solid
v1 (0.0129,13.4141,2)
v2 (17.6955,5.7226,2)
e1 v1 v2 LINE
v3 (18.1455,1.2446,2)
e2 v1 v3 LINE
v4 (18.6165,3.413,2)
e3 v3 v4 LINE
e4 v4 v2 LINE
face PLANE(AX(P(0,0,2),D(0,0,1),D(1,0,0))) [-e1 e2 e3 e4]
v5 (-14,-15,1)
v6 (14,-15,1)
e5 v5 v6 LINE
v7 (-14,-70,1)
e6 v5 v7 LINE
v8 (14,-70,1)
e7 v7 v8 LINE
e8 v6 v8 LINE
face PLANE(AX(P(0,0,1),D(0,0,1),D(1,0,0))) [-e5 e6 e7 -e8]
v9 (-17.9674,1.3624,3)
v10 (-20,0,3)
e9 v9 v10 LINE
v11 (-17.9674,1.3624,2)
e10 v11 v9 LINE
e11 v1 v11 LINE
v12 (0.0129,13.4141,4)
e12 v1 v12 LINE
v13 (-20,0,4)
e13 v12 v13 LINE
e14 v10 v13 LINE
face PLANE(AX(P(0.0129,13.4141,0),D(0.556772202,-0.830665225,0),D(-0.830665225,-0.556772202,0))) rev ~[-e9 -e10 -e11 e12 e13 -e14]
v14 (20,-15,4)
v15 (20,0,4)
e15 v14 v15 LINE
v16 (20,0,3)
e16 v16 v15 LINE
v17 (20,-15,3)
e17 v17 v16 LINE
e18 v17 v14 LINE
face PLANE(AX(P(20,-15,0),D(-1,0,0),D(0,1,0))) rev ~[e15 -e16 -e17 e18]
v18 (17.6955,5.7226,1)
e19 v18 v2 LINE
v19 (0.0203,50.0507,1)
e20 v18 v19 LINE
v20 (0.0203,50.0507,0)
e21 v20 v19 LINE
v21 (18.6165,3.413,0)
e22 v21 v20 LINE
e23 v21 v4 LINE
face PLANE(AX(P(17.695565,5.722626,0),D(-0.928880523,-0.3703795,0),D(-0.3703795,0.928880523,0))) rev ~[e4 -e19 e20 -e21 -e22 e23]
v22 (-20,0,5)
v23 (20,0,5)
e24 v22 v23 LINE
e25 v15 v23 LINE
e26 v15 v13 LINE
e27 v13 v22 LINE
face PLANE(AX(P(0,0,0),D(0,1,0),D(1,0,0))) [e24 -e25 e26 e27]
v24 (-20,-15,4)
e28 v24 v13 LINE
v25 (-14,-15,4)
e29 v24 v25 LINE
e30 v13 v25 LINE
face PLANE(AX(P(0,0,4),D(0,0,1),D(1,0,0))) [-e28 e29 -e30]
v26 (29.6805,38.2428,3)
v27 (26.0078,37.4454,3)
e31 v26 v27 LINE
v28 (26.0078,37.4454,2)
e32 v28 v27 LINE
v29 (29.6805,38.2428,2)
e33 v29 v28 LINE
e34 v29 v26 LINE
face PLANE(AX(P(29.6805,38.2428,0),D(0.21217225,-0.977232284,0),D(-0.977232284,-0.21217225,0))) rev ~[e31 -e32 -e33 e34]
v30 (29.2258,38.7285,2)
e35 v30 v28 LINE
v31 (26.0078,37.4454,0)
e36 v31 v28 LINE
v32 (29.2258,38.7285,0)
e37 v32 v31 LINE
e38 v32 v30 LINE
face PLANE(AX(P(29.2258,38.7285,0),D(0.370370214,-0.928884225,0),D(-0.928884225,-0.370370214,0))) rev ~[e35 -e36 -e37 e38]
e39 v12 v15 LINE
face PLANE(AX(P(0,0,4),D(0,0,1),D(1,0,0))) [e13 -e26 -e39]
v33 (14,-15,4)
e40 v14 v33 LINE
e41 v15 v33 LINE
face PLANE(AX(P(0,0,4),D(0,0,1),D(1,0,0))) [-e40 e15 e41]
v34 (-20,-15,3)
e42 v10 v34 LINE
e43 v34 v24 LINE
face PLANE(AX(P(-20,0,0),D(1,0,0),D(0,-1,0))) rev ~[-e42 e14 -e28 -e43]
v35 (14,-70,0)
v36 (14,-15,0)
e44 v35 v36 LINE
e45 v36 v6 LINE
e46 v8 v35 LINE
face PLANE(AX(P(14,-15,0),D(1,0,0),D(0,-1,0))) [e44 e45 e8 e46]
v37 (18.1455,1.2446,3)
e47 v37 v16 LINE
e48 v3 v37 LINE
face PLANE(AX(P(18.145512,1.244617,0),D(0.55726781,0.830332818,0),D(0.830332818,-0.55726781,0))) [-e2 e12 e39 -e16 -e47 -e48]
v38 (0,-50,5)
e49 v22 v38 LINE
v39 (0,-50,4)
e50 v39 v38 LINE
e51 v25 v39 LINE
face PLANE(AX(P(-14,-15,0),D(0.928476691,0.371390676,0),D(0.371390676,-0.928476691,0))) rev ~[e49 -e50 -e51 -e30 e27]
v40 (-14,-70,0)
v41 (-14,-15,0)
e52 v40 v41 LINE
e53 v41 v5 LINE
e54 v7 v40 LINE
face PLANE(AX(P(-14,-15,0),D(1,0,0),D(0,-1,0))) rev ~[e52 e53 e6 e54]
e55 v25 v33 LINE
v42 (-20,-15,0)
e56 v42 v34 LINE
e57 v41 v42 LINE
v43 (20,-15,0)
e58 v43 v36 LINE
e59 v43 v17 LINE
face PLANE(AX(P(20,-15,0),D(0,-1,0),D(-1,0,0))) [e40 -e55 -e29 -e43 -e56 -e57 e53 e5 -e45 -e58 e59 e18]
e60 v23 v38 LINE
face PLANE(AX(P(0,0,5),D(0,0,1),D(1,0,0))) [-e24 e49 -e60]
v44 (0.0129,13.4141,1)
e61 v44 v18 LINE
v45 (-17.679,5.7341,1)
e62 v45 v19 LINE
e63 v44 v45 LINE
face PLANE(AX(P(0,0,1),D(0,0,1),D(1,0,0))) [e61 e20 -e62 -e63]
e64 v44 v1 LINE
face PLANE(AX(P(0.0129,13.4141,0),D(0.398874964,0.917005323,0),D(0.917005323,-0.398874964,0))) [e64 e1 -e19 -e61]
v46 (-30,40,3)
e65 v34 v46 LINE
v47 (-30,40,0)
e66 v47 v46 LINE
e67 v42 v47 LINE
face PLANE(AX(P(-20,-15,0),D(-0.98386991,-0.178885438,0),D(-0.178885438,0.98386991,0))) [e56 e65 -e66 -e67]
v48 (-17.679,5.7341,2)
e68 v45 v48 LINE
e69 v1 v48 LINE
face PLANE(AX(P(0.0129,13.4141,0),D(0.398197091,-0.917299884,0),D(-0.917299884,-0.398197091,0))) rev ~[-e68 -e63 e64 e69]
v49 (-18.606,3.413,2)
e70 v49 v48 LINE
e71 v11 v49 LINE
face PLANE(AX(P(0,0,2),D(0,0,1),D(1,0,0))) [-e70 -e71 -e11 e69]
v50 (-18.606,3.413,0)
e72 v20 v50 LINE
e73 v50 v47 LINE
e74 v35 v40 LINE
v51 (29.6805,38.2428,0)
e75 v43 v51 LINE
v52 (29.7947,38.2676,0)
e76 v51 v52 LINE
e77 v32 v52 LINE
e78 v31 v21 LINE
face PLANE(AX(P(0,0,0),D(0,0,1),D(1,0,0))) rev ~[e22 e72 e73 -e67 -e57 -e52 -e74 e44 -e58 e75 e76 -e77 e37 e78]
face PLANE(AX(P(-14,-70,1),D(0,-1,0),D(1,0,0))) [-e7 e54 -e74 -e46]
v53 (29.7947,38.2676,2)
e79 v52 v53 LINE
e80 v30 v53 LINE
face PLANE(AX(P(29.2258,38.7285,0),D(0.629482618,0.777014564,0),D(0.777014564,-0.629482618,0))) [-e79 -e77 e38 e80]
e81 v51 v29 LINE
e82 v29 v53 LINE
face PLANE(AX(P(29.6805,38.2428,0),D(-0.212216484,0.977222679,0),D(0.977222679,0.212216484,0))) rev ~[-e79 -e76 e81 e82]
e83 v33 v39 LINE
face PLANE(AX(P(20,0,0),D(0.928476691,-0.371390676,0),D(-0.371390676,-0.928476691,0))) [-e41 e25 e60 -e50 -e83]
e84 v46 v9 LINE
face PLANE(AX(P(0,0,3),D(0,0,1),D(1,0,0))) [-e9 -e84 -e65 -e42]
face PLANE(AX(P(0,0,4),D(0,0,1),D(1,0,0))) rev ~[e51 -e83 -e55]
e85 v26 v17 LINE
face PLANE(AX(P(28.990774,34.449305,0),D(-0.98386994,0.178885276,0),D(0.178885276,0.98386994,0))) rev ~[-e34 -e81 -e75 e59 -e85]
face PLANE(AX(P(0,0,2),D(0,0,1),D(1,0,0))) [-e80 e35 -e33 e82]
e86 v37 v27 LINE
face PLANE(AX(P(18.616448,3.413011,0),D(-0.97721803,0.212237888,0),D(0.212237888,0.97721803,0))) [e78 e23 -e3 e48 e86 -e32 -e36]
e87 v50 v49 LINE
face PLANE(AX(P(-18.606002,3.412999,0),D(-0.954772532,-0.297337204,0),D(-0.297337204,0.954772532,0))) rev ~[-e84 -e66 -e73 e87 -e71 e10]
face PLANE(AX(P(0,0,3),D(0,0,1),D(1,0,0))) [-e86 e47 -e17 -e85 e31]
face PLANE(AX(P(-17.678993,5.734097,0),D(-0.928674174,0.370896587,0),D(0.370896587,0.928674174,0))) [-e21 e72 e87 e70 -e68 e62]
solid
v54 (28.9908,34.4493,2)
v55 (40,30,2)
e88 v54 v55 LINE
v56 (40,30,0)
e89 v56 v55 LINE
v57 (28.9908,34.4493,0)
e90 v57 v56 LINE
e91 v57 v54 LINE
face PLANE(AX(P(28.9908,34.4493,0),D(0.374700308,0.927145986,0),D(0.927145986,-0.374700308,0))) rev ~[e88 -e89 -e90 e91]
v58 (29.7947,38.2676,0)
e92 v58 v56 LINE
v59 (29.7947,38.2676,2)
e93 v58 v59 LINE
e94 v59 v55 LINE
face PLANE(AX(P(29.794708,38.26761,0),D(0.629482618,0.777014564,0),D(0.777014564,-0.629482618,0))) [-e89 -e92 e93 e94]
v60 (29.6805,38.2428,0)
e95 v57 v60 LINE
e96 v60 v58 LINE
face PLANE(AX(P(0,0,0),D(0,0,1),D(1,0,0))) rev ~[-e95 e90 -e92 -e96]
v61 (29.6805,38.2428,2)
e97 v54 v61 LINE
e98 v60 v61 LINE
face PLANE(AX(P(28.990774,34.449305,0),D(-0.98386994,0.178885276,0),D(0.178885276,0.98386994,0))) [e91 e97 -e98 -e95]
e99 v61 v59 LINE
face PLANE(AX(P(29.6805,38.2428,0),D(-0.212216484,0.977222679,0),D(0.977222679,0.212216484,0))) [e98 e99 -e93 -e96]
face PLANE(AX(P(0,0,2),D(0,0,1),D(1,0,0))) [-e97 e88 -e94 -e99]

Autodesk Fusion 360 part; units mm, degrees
sketch "Sketch1" plane through (0, 0, 0) normal (0, 0, 1) x (1, 0, 0)
  line L0 (18.6165, 3.413) -> (0.0203, 50.0507)
  line L1 (-20, 0) -> (0, -50)
  line L2 (20, 0) -> (0, -50)
  line L3 (-20, -15) -> (-14, -15)
  line L4 (-20, -15) -> (-20, -0.0774)
  line L5 (-20, -15) -> (-30, 40)
  line L6 (-20, -10) -> (-20, -20) construction
  line L7 (20, -15) -> (14, -15)
  line L8 (20, -15) -> (20, 0)
  line L9 (20, -15) -> (29.6805, 38.2428)
  line L10 (28.9908, 34.4493) -> (40, 30)
  line L11 (29.2258, 38.7285) -> (40, 30)
  line L12 (-17.9674, 1.3624) -> (-30, 40)
  line L13 (29.2258, 38.7285) -> (26.0078, 37.4454)
  line L14 (-18.606, 3.413) -> (18.6165, 3.413) construction
  line L15 (18.1455, 1.2446) -> (26.0078, 37.4454)
  line L16 (29.6805, 38.2428) -> (26.0078, 37.4454)
  line L17 (29.6805, 38.2428) -> (29.7947, 38.2676)
  line L18 (0.0129, 13.4141) -> (-20, 0)
  line L19 (0.0129, 13.4141) -> (20, 0)
  line L20 (0.0129, 13.4141) -> (-17.679, 5.7341)
  line L21 (0, 0) -> (0.219, 1.2047)
  line L22 (0.0203, 50.0507) -> (0.0052, 3.413) construction
  line L23 (0.0129, 13.4141) -> (17.6955, 5.7226)
  line L24 (-18.606, 3.413) -> (0.0203, 50.0507)
  line L25 (-20, 0) -> (-20, -0.0774)
  line L26 (-20, 0) -> (20, 0)
  line L27 (-14, -15) -> (-14, -115)
  line L28 (14, -15) -> (14, -115)
  line L29 (-14, -15) -> (14, -15)
  line L30 (-14, -115) -> (-14, -140)
  line L31 (14, -115) -> (14, -140)
  line L32 (14, -140) -> (-14, -140)
  dimension "d13" = 100
  dimension "d14" = 100
extrude "Extrude1" add sketch "Sketch1" along normal blind 1 contours L0 L20 L23 L24 makes body 1
extrude "Extrude2" add sketch "Sketch1" along normal blind 2 separate body contours L0 L15 L19 L23 | L11 L13 L16 L17 | L12 L18 L20 L24 makes body 2 at (-5.9806, 9.3969, 0.6667) makes body 3 at (27.2701, 37.7194, 1.3333)
extrude "Extrude3" add sketch "Sketch1" along normal blind 3 contours L8 L9 L15 L16 L19 | L4 L5 L12 L18 L25 bodies 3 2
extrude "Extrude4" add sketch "Sketch1" along normal blind 2 separate body contours L9 L10 L11 L17 makes body 4
extrude "Extrude5" add sketch "Sketch1" along normal blind 4 contours L18 L19 L26 | L2 L7 L8 | L1 L3 L4 L25 bodies 3 4 1
extrude "Extrude6" add sketch "Sketch1" along normal blind 5 contours L1 L2 L26 L29 | L1 L2 L29 bodies 3
sketch "Sketch2" plane through (0, 0, 0) normal (0, 0, 1) x (1, 0, 0)
sketch "Sketch3" plane through (0, 0, 0) normal (0, 0, 1) x (1, 0, 0)
  line L0 (-14, -15) -> (-14, -115)
  line L1 (-14, -15) -> (14, -15)
  line L2 (14, -15) -> (14, -115)
  line L3 (-14, -115) -> (14, -115)
  line L4 (-14, -115) -> (14, -115)
  line L5 (14, -15) -> (-14, -15)
  line L6 (-14, -115) -> (-14, -15)
  line L7 (-14, -115) -> (-14, -140)
  line L8 (14, -115) -> (14, -140)
  line L9 (14, -140) -> (-14, -140)
extrude "Extrude7" cut sketch "Sketch3" along normal blind 4 contours L0 L1 L2 L3 L4 L5 L6 bodies 3
extrude "Extrude8" add sketch "Sketch1" along normal blind 1 contours L1 L2 L27 L28 L30 L31 L32 | L1 L2 L29 bodies 3
sketch "Sketch4" plane through (0, 0, 1) normal (0, 0, 1) x (-1, 0, 0)
  line L0 (-14, 140) -> (-14, 15)
  line L1 (-14, 15) -> (14, 15)
  line L2 (14, 15) -> (14, 140)
  line L3 (20, 0) -> (0, 50)
  line L4 (-20, 0) -> (0, 50)
  line L5 (-14, 140) -> (14, 140)
  line L6 (14, 140) -> (-14, 140)
sketch "Sketch6" plane through (0, 0, 1) normal (0, 0, 1) x (-1, 0, 0)
  line L0 (14, 15) -> (14, 140)
  line L1 (14, 140) -> (-14, 140)
  line L2 (-14, 140) -> (-14, 15)
  line L3 (-14, 15) -> (14, 15)
  line L4 (0, -50) -> (0, 140)
  line L5 (0, 140) -> (0, 70)
  line L6 (14, 70) -> (-14, 70)
extrude "Extrude10" cut sketch "Sketch6" against normal blind 1 contours L0 L1 L4 L5 L6 | L1 L2 L4 L5 L6 bodies 3
sketch "Sketch5" plane through (0, 0, 1) normal (0, 0, 1) x (-1, 0, 0)
  line L0 (14, 115) -> (14, 140)
  line L1 (14, 140) -> (-14, 140)
  line L2 (-14, 140) -> (-14, 115)
  line L3 (-14, 115) -> (14, 115)
